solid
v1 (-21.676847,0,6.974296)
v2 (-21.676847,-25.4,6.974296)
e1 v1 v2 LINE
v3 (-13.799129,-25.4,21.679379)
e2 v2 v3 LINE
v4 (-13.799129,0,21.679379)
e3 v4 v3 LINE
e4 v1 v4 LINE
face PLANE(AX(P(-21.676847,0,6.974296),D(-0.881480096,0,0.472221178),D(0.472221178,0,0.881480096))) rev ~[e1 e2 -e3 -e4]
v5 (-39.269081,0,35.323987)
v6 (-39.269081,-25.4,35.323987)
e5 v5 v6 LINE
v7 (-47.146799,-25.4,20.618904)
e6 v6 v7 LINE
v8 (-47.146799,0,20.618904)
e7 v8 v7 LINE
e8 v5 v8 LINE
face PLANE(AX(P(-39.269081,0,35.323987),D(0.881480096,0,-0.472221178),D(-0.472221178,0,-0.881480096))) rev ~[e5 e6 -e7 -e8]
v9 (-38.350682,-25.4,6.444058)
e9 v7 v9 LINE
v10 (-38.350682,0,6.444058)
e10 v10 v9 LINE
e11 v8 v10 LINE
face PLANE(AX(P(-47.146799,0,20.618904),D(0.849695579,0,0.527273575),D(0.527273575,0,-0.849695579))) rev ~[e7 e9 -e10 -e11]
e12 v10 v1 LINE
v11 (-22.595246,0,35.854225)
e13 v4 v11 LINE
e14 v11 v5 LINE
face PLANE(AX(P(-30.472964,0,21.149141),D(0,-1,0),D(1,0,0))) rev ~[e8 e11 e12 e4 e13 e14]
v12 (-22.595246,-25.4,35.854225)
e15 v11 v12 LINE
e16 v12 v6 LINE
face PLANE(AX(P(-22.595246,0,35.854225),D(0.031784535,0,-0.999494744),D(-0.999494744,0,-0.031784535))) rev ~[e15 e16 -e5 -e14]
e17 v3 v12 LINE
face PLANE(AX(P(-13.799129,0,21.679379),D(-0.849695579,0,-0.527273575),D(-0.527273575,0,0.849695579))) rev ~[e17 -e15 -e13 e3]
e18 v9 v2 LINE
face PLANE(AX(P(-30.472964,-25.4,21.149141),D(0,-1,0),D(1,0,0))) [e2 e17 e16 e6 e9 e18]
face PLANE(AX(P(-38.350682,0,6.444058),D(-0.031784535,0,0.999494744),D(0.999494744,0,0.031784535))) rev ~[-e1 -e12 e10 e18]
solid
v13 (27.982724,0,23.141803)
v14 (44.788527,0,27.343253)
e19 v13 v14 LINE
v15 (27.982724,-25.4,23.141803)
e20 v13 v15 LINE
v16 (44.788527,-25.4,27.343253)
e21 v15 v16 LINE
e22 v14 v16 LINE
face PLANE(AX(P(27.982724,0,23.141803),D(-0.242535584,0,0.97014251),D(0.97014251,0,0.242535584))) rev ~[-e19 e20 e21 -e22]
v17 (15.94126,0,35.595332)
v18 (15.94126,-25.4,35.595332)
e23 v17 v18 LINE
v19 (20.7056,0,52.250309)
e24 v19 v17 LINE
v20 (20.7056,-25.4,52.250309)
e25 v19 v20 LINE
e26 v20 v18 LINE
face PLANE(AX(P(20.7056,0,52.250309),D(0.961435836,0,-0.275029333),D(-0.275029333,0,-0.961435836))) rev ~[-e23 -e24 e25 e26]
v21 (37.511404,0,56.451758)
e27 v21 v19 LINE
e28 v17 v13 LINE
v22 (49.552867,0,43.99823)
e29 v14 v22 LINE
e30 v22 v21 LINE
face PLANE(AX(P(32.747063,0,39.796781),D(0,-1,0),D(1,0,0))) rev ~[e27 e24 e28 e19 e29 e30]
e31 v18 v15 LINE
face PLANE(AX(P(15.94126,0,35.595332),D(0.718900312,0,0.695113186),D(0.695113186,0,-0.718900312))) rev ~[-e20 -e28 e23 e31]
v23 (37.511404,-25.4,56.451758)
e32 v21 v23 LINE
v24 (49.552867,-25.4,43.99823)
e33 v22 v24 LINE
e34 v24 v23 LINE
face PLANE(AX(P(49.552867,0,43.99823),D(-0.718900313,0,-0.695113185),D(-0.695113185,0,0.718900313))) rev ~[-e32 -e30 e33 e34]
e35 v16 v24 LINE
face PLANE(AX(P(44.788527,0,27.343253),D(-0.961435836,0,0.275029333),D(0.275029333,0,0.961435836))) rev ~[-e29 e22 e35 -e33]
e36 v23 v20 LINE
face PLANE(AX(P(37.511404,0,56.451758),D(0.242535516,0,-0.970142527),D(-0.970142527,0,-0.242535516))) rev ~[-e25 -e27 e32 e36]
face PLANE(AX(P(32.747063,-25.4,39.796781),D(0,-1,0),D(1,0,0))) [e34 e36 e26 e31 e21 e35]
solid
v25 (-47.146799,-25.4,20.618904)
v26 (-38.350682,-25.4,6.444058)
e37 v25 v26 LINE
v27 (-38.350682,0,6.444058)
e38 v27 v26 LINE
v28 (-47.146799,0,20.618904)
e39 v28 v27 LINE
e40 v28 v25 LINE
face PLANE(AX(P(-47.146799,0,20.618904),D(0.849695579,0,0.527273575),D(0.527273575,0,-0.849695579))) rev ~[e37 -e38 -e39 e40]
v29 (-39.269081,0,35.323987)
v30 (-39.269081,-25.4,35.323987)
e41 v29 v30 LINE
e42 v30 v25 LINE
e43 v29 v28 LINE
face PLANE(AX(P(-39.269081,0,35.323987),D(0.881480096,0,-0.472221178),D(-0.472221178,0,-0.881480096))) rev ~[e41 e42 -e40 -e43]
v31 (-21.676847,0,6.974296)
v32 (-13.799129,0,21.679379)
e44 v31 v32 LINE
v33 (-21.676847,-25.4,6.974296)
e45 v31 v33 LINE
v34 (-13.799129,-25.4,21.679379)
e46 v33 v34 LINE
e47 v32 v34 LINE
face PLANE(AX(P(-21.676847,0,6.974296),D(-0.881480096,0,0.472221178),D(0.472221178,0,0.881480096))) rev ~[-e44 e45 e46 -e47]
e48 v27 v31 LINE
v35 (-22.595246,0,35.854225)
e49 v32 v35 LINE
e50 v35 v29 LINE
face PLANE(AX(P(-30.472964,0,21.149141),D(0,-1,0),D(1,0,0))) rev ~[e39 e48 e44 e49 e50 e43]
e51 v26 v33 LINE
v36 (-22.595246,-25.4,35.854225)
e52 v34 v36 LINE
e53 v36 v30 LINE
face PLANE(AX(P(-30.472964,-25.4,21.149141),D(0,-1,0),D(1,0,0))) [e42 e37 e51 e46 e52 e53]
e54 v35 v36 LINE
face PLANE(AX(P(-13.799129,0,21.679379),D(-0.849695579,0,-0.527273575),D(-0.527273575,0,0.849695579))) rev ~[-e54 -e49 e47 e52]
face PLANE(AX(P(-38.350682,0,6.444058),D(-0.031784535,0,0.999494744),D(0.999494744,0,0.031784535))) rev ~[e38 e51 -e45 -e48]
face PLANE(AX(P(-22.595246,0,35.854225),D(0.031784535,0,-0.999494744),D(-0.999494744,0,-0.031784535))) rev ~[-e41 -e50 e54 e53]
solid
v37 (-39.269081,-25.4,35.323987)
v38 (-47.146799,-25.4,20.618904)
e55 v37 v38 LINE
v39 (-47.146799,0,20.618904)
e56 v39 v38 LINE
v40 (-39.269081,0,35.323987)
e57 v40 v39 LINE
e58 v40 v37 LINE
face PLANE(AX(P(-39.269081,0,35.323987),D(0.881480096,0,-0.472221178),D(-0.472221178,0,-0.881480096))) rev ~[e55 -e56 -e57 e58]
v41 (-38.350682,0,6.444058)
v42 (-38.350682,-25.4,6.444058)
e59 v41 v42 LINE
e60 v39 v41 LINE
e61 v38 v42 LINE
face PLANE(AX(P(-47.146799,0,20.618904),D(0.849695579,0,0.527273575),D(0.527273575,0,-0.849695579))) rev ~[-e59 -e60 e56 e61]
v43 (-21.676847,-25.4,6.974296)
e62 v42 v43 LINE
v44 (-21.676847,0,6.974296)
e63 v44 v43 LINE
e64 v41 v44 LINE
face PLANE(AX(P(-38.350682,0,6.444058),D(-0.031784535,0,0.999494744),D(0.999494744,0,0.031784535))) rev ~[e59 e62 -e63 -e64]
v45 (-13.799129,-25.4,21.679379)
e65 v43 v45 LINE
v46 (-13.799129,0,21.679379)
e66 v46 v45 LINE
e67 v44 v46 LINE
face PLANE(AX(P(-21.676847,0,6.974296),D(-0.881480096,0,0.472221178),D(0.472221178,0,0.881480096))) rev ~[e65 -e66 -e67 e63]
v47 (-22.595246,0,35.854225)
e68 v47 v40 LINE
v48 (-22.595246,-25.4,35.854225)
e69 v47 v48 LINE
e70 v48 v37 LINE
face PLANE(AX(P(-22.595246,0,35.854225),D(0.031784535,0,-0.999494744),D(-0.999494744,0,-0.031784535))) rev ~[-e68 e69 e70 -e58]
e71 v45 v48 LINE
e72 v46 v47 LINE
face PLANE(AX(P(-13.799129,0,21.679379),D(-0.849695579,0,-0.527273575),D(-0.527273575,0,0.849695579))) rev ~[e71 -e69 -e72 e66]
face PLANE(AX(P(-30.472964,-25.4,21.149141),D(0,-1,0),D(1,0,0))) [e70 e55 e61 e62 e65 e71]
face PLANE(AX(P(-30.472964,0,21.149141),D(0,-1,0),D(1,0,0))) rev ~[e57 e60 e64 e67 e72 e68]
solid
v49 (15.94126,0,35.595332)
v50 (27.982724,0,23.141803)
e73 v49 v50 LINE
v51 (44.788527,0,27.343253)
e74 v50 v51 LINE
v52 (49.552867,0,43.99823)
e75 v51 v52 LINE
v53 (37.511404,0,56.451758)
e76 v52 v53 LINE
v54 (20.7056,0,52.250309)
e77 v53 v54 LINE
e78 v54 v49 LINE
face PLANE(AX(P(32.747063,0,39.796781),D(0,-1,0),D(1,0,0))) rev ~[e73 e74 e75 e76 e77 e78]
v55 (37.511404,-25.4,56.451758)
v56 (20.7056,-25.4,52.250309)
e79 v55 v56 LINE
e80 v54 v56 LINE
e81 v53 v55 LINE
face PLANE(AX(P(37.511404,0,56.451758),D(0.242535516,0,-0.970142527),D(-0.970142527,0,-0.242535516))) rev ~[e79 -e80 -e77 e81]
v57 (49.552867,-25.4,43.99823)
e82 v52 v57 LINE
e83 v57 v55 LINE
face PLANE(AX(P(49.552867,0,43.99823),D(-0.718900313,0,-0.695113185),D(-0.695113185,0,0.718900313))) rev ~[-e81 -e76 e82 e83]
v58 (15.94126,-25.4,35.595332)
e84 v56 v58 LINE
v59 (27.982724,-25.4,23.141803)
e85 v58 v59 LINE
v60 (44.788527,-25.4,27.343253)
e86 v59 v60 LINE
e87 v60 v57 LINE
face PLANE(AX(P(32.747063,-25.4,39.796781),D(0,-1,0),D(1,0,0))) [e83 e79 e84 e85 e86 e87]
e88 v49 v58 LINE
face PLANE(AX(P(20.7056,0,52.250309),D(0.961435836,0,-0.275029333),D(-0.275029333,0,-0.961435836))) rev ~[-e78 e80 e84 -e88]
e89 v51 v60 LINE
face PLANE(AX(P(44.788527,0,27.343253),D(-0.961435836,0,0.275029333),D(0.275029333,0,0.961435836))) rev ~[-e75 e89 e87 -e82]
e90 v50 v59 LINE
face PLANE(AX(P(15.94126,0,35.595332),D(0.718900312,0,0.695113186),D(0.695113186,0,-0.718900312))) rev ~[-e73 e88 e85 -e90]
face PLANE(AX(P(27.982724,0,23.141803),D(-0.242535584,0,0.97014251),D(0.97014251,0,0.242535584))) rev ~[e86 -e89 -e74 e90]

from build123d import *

# Parameters (mm, degrees)
F1_DEPTH = 25.4
F2_DEPTH = 25.4
F3_DEPTH = 25.4


with BuildPart() as f1:
    # F0 (on Front) → F1 (new body)
    with BuildSketch(Plane.XZ):
        Polygon((-21.676847, 6.974296), (-13.799129, 21.679379), (-22.595246, 35.854225), (-39.269081, 35.323987), (-47.146799, 20.618904), (-38.350682, 6.444058), align=None)
    extrude(amount=F1_DEPTH)


with BuildPart() as f2:
    # F0 (on Front) → F2 (new body)
    with BuildSketch(Plane.XZ):
        Polygon((-21.676847, 6.974296), (-13.799129, 21.679379), (-22.595246, 35.854225), (-39.269081, 35.323987), (-47.146799, 20.618904), (-38.350682, 6.444058), align=None)
        Polygon((27.982724, 23.141803), (44.788527, 27.343253), (49.552867, 43.99823), (37.511404, 56.451758), (20.7056, 52.250309), (15.94126, 35.595332), align=None)
    extrude(amount=F2_DEPTH)


with BuildPart() as f3:
    # F0 (on Front) → F3 (new body)
    with BuildSketch(Plane.XZ):
        Polygon((-21.676847, 6.974296), (-13.799129, 21.679379), (-22.595246, 35.854225), (-39.269081, 35.323987), (-47.146799, 20.618904), (-38.350682, 6.444058), align=None)
        Polygon((27.982724, 23.141803), (44.788527, 27.343253), (49.552867, 43.99823), (37.511404, 56.451758), (20.7056, 52.250309), (15.94126, 35.595332), align=None)
    extrude(amount=F3_DEPTH)


solid = Compound([f1.part, f2.part, f3.part])
